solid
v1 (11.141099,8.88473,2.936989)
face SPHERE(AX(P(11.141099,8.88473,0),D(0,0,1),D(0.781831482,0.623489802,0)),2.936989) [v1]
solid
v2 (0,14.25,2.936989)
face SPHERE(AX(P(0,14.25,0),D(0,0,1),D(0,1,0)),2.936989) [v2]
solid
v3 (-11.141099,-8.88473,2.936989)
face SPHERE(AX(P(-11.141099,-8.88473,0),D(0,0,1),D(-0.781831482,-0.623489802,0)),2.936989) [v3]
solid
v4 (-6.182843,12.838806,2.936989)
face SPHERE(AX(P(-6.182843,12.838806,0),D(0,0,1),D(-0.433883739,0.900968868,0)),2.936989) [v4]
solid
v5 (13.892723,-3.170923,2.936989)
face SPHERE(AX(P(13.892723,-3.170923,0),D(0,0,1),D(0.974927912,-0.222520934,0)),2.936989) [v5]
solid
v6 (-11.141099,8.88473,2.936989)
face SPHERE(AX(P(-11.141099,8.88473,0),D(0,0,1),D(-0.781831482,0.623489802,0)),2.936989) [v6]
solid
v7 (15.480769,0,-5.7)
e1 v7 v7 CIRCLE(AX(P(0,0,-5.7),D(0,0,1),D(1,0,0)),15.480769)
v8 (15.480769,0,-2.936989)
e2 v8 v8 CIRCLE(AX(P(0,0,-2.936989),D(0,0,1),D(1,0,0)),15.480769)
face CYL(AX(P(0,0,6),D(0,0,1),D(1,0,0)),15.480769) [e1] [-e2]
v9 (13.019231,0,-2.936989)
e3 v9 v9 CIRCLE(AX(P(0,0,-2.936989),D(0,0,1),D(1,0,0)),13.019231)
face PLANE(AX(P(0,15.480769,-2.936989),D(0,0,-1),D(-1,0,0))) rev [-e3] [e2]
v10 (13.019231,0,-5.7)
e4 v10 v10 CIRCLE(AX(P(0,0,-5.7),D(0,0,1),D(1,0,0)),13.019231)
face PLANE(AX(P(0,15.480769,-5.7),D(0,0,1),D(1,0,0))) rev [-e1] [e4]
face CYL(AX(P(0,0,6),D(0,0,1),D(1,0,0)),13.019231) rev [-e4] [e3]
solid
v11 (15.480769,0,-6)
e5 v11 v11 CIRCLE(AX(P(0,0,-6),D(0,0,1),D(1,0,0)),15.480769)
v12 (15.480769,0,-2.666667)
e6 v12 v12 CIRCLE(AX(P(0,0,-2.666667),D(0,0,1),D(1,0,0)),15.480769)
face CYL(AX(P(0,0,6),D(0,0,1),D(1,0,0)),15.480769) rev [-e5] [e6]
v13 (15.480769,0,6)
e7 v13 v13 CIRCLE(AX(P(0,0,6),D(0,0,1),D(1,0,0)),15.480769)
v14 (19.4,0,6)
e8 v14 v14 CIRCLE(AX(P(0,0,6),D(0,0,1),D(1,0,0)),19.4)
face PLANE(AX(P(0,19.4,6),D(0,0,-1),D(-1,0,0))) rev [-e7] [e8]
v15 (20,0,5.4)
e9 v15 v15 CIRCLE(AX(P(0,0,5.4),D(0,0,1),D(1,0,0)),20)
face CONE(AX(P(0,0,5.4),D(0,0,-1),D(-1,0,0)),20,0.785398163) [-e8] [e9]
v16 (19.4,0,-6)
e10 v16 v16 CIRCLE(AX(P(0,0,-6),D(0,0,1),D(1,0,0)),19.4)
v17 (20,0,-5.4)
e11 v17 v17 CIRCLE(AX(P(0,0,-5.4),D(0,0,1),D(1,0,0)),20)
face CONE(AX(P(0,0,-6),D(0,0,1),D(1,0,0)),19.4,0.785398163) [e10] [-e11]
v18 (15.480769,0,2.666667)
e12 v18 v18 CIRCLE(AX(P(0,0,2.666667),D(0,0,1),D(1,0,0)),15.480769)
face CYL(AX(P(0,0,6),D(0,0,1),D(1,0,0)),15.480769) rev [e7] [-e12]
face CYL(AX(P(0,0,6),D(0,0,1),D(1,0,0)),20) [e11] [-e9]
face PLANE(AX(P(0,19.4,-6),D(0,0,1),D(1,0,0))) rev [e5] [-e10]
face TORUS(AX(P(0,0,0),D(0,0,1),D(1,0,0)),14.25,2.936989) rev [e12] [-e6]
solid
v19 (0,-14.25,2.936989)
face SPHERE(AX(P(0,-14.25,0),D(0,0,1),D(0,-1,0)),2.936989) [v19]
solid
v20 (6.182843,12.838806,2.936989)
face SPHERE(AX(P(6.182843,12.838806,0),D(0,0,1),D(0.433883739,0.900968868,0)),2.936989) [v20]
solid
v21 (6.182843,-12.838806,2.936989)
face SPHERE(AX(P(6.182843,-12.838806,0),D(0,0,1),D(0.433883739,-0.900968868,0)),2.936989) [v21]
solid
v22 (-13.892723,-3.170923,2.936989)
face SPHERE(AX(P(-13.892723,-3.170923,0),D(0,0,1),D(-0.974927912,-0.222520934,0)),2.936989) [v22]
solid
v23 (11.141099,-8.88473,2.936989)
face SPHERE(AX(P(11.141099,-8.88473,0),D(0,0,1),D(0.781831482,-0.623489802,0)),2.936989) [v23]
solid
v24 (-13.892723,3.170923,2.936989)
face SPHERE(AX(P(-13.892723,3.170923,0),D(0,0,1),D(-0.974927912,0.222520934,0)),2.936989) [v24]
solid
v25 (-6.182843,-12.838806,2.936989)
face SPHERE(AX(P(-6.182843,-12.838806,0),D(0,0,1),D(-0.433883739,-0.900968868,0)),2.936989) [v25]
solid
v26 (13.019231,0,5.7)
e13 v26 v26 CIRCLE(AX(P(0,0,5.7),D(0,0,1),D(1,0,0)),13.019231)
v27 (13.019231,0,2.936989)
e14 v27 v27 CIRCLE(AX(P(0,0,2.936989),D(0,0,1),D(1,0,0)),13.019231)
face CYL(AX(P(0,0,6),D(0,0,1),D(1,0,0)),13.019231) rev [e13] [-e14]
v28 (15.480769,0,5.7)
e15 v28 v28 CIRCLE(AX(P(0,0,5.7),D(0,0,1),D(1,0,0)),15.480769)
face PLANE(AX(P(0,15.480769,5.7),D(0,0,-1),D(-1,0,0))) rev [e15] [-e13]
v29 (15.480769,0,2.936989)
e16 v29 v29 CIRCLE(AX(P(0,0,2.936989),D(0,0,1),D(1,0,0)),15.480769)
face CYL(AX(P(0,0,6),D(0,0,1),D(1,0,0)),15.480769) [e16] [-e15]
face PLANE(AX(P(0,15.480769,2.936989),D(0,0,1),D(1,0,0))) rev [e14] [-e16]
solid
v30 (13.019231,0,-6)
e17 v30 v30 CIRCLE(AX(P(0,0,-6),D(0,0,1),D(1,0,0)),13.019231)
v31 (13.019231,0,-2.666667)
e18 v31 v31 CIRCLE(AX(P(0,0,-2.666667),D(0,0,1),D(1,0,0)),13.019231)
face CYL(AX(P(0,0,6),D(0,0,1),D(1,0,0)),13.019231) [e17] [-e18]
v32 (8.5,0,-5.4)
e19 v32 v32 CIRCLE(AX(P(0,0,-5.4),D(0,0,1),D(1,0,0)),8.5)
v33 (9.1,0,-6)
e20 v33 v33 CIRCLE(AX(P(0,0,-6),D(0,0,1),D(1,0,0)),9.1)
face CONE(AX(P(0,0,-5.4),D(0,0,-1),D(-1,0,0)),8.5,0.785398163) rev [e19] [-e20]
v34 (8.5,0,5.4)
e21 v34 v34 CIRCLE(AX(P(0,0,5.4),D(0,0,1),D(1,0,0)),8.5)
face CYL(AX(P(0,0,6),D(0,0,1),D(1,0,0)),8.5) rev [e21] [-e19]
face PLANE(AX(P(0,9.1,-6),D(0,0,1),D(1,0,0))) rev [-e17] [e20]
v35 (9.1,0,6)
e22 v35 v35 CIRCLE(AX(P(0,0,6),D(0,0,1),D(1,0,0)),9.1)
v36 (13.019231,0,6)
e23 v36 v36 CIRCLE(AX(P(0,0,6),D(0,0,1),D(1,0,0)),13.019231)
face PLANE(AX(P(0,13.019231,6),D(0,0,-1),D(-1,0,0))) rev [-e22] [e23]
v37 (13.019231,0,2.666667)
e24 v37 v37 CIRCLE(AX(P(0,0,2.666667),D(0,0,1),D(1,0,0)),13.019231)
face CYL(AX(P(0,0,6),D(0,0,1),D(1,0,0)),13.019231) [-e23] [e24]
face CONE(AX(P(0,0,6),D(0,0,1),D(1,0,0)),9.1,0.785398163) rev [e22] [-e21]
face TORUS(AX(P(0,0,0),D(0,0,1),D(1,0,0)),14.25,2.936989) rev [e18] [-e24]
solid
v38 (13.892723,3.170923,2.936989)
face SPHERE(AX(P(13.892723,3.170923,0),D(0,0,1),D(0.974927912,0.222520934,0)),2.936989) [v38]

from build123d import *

# Parameters (mm, degrees)
CIRPATTERN1_COUNT = 14
SKETCH6_W         = 2.763011064
SKETCH6_H         = 2.461538462


with BuildPart() as part:
    # Sketch1 → Revolve1 (revolve)
    with BuildSketch(Plane(origin=(0, 0, 0), x_dir=(0, 0, -1), z_dir=(1, 0, 0))):
        with BuildLine():
            Line((5.4, 20), (-5.4, 20))
            Line((-5.4, 20), (-6, 19.4))
            Line((-6, 19.4), (-6, 15.480769231))
            Line((-6, 15.480769231), (-2.666666667, 15.480769231))
            ThreePointArc((-2.666666667, 15.480769231), (0, 17.186988936), (2.666666667, 15.480769231))
            Line((2.666666667, 15.480769231), (6, 15.480769231))
            Line((6, 15.480769231), (6, 19.4))
            Line((6, 19.4), (5.4, 20))
        make_face()
    revolve(axis=Axis((0, 0, 6), (0, 0, -1)))


with BuildPart() as body_2:
    # Sketch3 → Revolve3 (revolve)
    with BuildSketch(Plane(origin=(0, 0, 0), x_dir=(0, 0, -1), z_dir=(1, 0, 0))):
        with BuildLine():
            Line((-6, 13.019230769), (-2.666666667, 13.019230769))
            ThreePointArc((-2.666666667, 13.019230769), (0, 11.313011064), (2.666666667, 13.019230769))
            Line((2.666666667, 13.019230769), (6, 13.019230769))
            Line((6, 13.019230769), (6, 9.1))
            Line((6, 9.1), (5.4, 8.5))
            Line((5.4, 8.5), (-5.4, 8.5))
            Line((-5.4, 8.5), (-6, 9.1))
            Line((-6, 9.1), (-6, 13.019230769))
        make_face()
    revolve(axis=Axis((0, 0, 6), (0, 0, -1)))


with BuildPart() as body_3:
    # Sketch4 → Revolve4 (revolve)
    with BuildSketch(Plane(origin=(0, 0, 0), x_dir=(0, 0, -1), z_dir=(1, 0, 0))):
        with BuildLine():
            Line((-2.936988936, 14.25), (2.936988936, 14.25))
            ThreePointArc((2.936988936, 14.25), (0, 17.186988936), (-2.936988936, 14.25))
        make_face()
    revolve(axis=Axis((0, 14.25, 2.936988936), (0, 0, -1)))


with BuildPart() as cirpattern1_1:
    # CirPattern1: pattern copy
    add(body_3.part.rotate(Axis((0, 0, -6), (0, 0, 1)), 1 * 360 / CIRPATTERN1_COUNT))


with BuildPart() as cirpattern1_2:
    # CirPattern1: pattern copy
    add(body_3.part.rotate(Axis((0, 0, -6), (0, 0, 1)), 2 * 360 / CIRPATTERN1_COUNT))


with BuildPart() as cirpattern1_3:
    # CirPattern1: pattern copy
    add(body_3.part.rotate(Axis((0, 0, -6), (0, 0, 1)), 3 * 360 / CIRPATTERN1_COUNT))


with BuildPart() as cirpattern1_4:
    # CirPattern1: pattern copy
    add(body_3.part.rotate(Axis((0, 0, -6), (0, 0, 1)), 4 * 360 / CIRPATTERN1_COUNT))


with BuildPart() as cirpattern1_5:
    # CirPattern1: pattern copy
    add(body_3.part.rotate(Axis((0, 0, -6), (0, 0, 1)), 5 * 360 / CIRPATTERN1_COUNT))


with BuildPart() as cirpattern1_6:
    # CirPattern1: pattern copy
    add(body_3.part.rotate(Axis((0, 0, -6), (0, 0, 1)), 6 * 360 / CIRPATTERN1_COUNT))


with BuildPart() as cirpattern1_7:
    # CirPattern1: pattern copy
    add(body_3.part.rotate(Axis((0, 0, -6), (0, 0, 1)), 7 * 360 / CIRPATTERN1_COUNT))


with BuildPart() as cirpattern1_8:
    # CirPattern1: pattern copy
    add(body_3.part.rotate(Axis((0, 0, -6), (0, 0, 1)), 8 * 360 / CIRPATTERN1_COUNT))


with BuildPart() as cirpattern1_9:
    # CirPattern1: pattern copy
    add(body_3.part.rotate(Axis((0, 0, -6), (0, 0, 1)), 9 * 360 / CIRPATTERN1_COUNT))


with BuildPart() as cirpattern1_10:
    # CirPattern1: pattern copy
    add(body_3.part.rotate(Axis((0, 0, -6), (0, 0, 1)), 10 * 360 / CIRPATTERN1_COUNT))


with BuildPart() as cirpattern1_11:
    # CirPattern1: pattern copy
    add(body_3.part.rotate(Axis((0, 0, -6), (0, 0, 1)), 11 * 360 / CIRPATTERN1_COUNT))


with BuildPart() as cirpattern1_12:
    # CirPattern1: pattern copy
    add(body_3.part.rotate(Axis((0, 0, -6), (0, 0, 1)), 12 * 360 / CIRPATTERN1_COUNT))


with BuildPart() as cirpattern1_13:
    # CirPattern1: pattern copy
    add(body_3.part.rotate(Axis((0, 0, -6), (0, 0, 1)), 13 * 360 / CIRPATTERN1_COUNT))


with BuildPart() as body_17:
    # Sketch6 → Revolve5 (revolve)
    with BuildSketch(Plane(origin=(0, 0, 0), x_dir=(0, 0, -1), z_dir=(1, 0, 0))):
        with Locations((-4.318494468, 14.25)):
            Rectangle(SKETCH6_W, SKETCH6_H)
        with Locations((4.318494468, 14.25)):
            Rectangle(SKETCH6_W, SKETCH6_H)
    revolve(axis=Axis((0, 0, 6), (0, 0, -1)))


solid = Compound([part.part, body_2.part, body_3.part, cirpattern1_1.part, cirpattern1_2.part, cirpattern1_3.part, cirpattern1_4.part, cirpattern1_5.part, cirpattern1_6.part, cirpattern1_7.part, cirpattern1_8.part, cirpattern1_9.part, cirpattern1_10.part, cirpattern1_11.part, cirpattern1_12.part, cirpattern1_13.part, body_17.part])
